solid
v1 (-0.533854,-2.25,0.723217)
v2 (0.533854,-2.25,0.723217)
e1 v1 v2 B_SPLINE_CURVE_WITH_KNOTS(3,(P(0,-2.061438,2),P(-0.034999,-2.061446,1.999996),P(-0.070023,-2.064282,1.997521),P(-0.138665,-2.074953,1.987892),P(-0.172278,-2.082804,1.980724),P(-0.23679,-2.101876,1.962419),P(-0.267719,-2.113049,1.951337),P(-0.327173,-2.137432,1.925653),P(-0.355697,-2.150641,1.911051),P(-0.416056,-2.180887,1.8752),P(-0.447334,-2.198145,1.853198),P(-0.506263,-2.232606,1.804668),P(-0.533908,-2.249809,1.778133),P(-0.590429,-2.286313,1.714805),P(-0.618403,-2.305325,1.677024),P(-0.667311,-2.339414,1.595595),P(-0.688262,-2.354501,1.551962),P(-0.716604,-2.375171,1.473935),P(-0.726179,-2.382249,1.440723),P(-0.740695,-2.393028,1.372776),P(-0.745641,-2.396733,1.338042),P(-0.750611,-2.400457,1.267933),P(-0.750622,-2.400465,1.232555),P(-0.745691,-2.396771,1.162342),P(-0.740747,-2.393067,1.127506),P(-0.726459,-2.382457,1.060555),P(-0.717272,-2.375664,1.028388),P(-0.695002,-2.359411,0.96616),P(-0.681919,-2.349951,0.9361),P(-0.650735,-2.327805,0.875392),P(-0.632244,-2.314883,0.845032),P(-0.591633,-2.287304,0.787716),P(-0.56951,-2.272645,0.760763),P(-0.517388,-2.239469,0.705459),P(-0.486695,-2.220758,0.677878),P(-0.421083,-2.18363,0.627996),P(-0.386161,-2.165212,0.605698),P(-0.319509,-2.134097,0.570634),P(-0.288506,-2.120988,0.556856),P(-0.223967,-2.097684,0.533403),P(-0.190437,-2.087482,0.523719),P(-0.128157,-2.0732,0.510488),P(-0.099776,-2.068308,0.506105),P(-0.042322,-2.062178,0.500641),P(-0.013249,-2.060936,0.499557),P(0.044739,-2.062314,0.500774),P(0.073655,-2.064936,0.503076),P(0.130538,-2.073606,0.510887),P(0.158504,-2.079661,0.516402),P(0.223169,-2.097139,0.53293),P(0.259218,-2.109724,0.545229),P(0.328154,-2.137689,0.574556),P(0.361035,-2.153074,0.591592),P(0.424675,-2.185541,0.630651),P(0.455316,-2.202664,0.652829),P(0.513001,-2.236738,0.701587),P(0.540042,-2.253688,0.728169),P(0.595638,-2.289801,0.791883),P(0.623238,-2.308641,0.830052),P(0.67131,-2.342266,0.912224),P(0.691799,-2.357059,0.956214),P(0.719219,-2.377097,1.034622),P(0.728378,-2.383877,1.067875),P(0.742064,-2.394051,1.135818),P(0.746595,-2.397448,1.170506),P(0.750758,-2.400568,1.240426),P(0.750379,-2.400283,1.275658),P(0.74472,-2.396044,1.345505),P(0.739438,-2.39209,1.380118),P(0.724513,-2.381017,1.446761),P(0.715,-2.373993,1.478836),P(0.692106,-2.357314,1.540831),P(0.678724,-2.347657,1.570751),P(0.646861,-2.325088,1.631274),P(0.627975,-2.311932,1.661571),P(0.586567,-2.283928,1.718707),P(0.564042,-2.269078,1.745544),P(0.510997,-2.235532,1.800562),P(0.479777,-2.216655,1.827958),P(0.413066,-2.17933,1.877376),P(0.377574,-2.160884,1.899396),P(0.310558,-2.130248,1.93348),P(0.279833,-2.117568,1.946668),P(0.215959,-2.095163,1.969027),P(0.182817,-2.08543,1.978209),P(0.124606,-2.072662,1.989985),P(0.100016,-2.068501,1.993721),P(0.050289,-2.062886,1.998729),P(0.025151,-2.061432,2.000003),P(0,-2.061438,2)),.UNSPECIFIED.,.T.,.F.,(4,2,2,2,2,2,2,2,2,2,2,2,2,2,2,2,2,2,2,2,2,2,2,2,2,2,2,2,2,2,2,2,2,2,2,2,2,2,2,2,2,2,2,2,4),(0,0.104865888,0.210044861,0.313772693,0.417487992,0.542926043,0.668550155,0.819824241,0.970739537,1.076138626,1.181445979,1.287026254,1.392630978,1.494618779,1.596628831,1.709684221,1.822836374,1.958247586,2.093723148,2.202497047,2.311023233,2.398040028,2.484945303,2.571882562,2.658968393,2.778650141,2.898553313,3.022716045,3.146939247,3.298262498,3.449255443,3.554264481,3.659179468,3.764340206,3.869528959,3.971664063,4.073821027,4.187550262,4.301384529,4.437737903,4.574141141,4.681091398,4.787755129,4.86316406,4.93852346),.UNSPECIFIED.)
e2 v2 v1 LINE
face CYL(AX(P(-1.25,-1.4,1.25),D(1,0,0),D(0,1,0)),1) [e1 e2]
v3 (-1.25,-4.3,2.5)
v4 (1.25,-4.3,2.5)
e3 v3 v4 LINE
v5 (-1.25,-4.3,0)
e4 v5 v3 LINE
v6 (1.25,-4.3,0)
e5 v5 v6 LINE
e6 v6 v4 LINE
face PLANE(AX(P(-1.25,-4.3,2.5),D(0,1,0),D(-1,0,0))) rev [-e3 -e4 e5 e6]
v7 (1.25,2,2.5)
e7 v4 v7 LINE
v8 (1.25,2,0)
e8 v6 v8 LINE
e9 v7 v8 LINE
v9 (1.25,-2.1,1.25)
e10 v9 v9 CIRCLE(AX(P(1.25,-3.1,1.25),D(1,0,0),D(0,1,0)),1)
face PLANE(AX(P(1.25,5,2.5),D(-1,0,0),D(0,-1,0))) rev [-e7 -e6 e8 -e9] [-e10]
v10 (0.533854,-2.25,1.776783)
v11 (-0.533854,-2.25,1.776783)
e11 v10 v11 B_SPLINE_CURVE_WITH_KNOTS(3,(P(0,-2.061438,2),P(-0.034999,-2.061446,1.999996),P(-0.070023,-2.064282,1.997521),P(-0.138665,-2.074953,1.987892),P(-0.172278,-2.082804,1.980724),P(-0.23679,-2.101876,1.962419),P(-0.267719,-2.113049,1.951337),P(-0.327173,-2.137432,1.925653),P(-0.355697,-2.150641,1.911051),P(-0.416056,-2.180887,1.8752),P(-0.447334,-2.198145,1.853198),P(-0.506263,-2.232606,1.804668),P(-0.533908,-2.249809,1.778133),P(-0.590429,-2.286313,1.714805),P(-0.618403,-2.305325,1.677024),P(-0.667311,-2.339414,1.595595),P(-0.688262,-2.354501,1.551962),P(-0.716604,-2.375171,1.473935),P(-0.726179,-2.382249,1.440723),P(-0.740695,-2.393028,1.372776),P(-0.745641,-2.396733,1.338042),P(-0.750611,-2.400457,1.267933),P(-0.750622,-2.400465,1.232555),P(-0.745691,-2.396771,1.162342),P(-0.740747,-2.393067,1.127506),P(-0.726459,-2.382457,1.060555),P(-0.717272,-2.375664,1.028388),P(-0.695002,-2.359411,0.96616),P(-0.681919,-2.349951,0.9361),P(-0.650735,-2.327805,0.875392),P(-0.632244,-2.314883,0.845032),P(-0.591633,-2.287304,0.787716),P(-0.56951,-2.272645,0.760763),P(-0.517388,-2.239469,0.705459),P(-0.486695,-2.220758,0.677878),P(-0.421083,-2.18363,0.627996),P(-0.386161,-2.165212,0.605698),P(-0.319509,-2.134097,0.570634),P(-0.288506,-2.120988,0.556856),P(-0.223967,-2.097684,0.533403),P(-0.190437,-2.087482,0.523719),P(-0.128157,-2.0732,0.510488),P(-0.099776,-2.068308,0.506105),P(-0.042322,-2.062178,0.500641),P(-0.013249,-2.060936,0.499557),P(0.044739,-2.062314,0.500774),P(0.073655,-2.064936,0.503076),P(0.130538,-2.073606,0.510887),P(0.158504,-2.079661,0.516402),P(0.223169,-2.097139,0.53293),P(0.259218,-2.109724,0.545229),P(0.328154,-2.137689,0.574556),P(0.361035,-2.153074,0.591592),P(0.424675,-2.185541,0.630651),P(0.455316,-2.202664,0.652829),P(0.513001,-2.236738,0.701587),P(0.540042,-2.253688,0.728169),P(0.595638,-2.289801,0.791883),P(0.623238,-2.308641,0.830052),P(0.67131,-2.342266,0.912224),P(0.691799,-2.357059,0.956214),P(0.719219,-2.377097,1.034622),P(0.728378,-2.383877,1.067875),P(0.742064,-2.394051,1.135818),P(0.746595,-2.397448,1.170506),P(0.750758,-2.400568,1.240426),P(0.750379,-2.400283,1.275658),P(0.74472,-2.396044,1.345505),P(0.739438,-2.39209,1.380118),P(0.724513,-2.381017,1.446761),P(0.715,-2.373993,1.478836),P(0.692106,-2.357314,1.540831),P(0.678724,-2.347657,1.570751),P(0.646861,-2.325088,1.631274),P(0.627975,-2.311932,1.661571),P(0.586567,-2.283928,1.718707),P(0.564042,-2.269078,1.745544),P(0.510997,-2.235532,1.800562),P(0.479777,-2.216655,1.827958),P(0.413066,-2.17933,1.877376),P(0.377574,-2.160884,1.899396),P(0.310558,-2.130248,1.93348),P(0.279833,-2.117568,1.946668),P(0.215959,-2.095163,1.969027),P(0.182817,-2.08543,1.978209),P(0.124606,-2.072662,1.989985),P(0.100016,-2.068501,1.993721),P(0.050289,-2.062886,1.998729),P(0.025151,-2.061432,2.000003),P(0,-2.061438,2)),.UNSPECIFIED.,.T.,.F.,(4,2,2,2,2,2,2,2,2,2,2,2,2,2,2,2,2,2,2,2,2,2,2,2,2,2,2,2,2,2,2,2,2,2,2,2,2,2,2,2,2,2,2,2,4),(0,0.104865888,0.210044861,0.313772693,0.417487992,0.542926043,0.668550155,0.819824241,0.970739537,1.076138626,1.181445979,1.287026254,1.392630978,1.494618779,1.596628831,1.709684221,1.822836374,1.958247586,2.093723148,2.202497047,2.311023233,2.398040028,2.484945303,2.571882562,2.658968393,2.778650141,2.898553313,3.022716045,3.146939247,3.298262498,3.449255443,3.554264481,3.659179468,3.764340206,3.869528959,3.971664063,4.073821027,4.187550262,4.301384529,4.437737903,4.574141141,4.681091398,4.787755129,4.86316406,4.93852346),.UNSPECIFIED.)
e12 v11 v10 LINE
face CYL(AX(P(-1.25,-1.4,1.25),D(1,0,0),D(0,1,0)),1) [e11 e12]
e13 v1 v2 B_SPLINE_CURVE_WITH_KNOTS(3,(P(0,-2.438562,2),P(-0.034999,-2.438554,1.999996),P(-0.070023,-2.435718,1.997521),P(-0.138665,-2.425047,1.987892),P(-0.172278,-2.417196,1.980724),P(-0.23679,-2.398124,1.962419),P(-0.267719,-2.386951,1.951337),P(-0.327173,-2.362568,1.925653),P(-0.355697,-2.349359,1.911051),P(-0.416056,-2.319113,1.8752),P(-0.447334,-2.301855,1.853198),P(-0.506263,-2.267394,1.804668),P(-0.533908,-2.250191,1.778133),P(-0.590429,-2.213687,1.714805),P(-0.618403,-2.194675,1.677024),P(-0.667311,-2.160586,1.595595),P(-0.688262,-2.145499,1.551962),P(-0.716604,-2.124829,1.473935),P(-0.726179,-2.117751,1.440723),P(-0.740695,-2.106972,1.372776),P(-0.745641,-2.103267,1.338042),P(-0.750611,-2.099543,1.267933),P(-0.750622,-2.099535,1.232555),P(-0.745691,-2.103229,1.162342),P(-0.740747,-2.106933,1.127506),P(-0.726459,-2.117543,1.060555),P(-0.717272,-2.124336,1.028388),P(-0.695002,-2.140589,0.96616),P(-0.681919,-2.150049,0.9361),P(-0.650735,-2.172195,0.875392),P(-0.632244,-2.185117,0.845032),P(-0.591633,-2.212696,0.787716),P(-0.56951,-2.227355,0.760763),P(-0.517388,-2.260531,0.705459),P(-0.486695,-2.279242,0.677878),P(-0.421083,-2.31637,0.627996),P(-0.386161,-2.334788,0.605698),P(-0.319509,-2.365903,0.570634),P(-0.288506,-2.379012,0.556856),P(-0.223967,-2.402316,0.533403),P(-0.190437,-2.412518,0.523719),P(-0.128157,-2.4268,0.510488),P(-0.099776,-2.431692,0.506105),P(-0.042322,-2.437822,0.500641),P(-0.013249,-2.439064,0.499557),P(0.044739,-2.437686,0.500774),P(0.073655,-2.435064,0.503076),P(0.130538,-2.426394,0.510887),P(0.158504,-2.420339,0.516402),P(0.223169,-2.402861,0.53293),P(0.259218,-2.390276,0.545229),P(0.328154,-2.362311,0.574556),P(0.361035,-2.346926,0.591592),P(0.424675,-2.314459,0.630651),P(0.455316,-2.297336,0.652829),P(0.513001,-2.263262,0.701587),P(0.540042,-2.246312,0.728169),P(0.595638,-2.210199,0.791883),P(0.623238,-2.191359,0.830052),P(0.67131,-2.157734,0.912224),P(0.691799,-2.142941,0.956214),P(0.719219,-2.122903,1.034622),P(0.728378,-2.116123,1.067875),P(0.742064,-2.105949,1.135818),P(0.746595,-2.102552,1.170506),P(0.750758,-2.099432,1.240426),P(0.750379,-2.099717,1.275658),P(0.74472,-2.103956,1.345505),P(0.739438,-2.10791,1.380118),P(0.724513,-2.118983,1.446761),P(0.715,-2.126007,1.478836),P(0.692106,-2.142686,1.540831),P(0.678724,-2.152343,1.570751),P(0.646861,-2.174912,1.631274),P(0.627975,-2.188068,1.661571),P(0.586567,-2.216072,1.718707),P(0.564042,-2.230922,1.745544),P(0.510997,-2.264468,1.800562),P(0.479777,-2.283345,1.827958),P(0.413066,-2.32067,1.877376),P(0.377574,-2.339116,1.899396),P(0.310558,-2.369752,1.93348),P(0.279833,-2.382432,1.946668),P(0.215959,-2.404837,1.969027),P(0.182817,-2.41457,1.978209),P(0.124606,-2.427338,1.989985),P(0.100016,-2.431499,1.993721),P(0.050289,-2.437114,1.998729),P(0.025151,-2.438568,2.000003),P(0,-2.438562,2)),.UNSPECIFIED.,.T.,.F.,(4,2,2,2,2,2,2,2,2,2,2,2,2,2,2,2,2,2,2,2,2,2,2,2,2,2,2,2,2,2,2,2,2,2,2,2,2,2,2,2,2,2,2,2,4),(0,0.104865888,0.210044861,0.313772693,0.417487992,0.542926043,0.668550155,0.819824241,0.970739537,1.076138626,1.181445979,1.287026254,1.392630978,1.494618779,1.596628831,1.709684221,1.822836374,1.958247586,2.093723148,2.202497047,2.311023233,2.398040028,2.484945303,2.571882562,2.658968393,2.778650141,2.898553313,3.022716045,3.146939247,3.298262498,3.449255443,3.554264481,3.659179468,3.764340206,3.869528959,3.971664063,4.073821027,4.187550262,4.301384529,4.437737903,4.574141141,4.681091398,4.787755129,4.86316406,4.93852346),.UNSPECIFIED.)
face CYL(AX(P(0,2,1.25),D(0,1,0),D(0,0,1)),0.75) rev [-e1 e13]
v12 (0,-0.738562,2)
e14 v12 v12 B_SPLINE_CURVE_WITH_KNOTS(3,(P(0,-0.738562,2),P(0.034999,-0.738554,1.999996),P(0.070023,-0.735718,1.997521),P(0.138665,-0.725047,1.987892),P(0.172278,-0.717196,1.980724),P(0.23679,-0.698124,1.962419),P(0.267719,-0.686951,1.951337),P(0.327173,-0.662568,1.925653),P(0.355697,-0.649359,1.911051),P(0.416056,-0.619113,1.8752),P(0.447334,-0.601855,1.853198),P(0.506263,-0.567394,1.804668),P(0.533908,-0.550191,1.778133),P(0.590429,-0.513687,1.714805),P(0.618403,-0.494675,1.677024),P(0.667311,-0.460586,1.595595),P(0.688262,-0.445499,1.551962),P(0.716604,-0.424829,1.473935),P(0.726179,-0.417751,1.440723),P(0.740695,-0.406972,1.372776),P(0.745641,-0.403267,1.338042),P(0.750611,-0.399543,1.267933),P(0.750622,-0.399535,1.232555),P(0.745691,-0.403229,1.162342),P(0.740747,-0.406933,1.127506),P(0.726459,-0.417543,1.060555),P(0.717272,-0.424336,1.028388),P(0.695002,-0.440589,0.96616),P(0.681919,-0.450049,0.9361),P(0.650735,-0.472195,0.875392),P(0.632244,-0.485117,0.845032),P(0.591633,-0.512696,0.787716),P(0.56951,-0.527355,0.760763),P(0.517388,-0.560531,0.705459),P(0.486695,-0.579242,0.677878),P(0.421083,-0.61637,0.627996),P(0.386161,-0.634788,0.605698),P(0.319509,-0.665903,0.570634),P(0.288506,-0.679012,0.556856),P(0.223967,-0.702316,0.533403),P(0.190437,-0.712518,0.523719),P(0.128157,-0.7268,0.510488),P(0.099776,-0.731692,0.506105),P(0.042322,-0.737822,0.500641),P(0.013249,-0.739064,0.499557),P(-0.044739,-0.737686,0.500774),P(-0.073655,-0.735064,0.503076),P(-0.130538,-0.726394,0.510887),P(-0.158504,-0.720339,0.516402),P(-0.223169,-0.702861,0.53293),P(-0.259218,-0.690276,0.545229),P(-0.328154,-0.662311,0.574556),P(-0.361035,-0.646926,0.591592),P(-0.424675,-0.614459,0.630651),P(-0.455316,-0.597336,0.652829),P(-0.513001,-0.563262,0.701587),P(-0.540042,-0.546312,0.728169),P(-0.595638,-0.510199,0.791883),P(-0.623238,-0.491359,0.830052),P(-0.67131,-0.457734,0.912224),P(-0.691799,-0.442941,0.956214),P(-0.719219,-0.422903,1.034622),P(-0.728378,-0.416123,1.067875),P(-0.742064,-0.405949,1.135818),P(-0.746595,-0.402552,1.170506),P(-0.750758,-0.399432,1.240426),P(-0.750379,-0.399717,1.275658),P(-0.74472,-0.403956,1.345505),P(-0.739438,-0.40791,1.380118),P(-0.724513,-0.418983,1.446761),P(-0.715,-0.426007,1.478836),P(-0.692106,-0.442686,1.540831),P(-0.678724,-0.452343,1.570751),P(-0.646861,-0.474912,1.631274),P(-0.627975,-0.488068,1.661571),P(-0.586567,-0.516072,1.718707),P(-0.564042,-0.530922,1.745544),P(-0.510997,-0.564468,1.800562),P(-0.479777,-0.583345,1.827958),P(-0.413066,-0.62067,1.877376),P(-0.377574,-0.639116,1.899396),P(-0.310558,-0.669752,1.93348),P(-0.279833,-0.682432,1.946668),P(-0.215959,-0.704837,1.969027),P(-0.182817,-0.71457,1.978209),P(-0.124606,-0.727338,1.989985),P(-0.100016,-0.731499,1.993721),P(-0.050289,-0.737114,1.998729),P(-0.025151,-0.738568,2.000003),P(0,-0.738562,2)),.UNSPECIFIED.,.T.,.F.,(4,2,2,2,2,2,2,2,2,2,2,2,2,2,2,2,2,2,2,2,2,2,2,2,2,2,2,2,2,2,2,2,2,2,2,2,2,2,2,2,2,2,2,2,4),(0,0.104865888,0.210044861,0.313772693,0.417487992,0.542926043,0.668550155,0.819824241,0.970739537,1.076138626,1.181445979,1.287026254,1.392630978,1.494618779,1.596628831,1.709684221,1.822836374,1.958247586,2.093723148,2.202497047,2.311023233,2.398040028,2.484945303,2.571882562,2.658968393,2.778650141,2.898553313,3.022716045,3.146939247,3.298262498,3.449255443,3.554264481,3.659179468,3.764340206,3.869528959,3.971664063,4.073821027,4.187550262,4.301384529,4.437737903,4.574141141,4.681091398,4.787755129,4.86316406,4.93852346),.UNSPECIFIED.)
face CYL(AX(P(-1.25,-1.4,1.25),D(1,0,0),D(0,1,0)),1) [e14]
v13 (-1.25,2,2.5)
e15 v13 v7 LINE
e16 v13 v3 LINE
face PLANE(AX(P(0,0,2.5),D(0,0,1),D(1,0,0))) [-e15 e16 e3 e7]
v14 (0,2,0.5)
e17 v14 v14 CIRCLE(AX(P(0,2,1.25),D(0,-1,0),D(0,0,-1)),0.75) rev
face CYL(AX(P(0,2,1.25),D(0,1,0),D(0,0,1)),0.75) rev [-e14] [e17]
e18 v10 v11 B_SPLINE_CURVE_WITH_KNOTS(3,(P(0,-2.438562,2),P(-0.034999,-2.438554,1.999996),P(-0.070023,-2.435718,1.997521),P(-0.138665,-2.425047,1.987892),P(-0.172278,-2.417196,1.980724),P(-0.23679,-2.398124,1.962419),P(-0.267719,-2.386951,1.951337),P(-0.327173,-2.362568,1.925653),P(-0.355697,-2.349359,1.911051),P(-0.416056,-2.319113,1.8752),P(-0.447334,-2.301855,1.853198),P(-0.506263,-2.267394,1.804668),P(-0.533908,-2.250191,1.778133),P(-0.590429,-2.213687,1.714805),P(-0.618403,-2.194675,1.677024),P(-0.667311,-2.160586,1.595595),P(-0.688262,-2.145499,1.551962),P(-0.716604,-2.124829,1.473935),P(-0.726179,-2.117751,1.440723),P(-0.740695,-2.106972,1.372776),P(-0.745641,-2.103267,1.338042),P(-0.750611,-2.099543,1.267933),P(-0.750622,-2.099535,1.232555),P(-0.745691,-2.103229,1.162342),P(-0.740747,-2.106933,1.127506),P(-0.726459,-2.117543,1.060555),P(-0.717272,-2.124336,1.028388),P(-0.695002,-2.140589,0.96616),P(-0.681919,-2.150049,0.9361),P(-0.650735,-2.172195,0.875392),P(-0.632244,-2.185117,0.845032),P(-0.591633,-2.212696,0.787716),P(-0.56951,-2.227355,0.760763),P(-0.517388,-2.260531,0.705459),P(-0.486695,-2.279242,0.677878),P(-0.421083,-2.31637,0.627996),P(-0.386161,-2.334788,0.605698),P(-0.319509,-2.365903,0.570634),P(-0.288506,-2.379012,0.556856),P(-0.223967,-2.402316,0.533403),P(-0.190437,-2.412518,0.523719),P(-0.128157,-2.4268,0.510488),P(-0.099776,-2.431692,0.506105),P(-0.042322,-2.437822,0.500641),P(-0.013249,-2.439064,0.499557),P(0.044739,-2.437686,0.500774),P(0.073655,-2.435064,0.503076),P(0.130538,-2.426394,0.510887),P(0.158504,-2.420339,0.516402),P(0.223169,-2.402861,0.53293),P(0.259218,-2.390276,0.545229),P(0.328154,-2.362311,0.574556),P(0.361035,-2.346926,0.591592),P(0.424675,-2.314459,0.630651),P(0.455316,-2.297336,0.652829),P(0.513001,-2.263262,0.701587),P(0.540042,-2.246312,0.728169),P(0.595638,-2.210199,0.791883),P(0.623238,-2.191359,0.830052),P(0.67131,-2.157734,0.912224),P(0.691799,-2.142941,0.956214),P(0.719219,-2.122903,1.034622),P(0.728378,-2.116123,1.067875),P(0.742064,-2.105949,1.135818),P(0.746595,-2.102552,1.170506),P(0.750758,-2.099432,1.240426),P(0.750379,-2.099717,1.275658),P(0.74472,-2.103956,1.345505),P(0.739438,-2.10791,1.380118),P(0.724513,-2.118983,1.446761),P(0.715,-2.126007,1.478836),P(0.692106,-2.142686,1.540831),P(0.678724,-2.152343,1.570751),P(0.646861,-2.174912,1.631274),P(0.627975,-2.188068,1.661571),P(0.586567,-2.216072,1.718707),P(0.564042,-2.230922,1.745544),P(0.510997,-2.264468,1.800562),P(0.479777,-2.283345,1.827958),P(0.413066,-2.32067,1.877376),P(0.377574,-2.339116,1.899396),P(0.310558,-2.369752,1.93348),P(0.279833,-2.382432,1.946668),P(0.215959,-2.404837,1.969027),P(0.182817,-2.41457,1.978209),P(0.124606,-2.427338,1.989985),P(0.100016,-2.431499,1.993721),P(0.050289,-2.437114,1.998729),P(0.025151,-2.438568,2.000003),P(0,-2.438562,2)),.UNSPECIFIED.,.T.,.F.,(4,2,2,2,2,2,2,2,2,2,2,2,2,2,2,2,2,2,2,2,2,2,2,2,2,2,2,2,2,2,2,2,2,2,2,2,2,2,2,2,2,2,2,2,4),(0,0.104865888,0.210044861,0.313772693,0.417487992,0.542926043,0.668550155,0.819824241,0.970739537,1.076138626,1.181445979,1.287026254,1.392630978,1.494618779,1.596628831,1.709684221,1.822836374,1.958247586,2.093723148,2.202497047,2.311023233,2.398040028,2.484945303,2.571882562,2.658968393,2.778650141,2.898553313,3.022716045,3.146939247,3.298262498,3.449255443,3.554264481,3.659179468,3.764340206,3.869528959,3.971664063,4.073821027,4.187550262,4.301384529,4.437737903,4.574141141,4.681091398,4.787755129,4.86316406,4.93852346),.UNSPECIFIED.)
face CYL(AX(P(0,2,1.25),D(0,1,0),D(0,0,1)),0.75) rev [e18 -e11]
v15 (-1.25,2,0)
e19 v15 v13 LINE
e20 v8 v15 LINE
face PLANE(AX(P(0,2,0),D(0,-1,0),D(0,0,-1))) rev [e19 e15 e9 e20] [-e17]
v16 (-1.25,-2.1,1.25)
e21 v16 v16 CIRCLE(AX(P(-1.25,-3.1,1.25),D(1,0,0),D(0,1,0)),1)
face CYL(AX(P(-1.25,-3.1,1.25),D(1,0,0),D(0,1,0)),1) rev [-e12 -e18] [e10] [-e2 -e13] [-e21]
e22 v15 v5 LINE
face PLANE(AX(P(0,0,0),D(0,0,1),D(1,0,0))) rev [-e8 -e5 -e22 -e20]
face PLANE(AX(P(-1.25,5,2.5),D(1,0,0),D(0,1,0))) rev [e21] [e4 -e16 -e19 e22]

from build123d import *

# Parameters (mm, degrees)
SKETCH1_W           = 2.5
SKETCH1_H           = 10
BOSS_EXTRUDE1_DEPTH = 2.5
SKETCH2_R           = 0.75
CUT_EXTRUDE1_DEPTH  = 3
SKETCH3_R           = 1
CUT_EXTRUDE3_DEPTH  = 7.5
SKETCH4_W           = 2.5
SKETCH4_H           = 2.5
CUT_EXTRUDE5_DEPTH  = 2
SKETCH6_R           = 0.75
CUT_EXTRUDE7_DEPTH  = 3
SKETCH7_W           = 2.5
SKETCH7_H           = 2.5
CUT_EXTRUDE8_DEPTH  = 1
SKETCH8_R           = 0.75
CUT_EXTRUDE9_DEPTH  = 2.5
SKETCH9_W           = 2.5
SKETCH9_H           = 2.4
SKETCH9_R           = 1
CUT_EXTRUDE11_DEPTH = 10
BOSS_EXTRUDE2_START = -2.5
SKETCH10_R          = 1
SKETCH10_W          = 2.5
SKETCH10_H          = 2.4
BOSS_EXTRUDE2_DEPTH = 2.5
SKETCH11_R          = 1
CUT_EXTRUDE12_DEPTH = 2.5
BOSS_EXTRUDE3_START = -2.5
SKETCH12_R          = 1
BOSS_EXTRUDE3_DEPTH = 2.5
SKETCH13_W          = 2.5
SKETCH13_H          = 0.7
CUT_EXTRUDE13_DEPTH = 2.5
SKETCH14_R          = 1
CUT_EXTRUDE14_DEPTH = 2.5


with BuildPart() as part:
    # Sketch1 → Boss-Extrude1 (new body)
    with BuildSketch(Plane.XY):
        Rectangle(SKETCH1_W, SKETCH1_H)
    extrude(amount=BOSS_EXTRUDE1_DEPTH)

    # Sketch2 → Cut-Extrude1 (cut)
    with BuildSketch(Plane(origin=(0, 5, 0), x_dir=(1, 0, 0), z_dir=(0, 1, 0))):
        with Locations(Location((0, -1.25, 0), (0, 0, 270))):
            Circle(SKETCH2_R)
    extrude(amount=-CUT_EXTRUDE1_DEPTH, mode=Mode.SUBTRACT)

    # Sketch3 → Cut-Extrude3 (cut)
    with BuildSketch(Plane.ZY.offset(1.25)):
        with Locations(Location((1.25, -3.8, 0), (0, 0, 270))):
            Circle(SKETCH3_R)
    extrude(amount=-CUT_EXTRUDE3_DEPTH, mode=Mode.SUBTRACT)

    # Sketch4 → Cut-Extrude5 (cut)
    with BuildSketch(Plane(origin=(0, 5, 0), x_dir=(1, 0, 0), z_dir=(0, 1, 0))):
        with Locations((0, -1.25)):
            Rectangle(SKETCH4_W, SKETCH4_H)
    extrude(amount=-CUT_EXTRUDE5_DEPTH, mode=Mode.SUBTRACT)

    # Sketch6 → Cut-Extrude7 (cut)
    with BuildSketch(Plane(origin=(0, 3, 0), x_dir=(1, 0, 0), z_dir=(0, 1, 0))):
        with Locations(Location((0, -1.25, 0), (0, 0, 270))):
            Circle(SKETCH6_R)
    extrude(amount=-CUT_EXTRUDE7_DEPTH, mode=Mode.SUBTRACT)

    # Sketch7 → Cut-Extrude8 (cut)
    with BuildSketch(Plane(origin=(0, 3, 0), x_dir=(1, 0, 0), z_dir=(0, 1, 0))):
        with Locations((0, -1.25)):
            Rectangle(SKETCH7_W, SKETCH7_H)
    extrude(amount=-CUT_EXTRUDE8_DEPTH, mode=Mode.SUBTRACT)

    # Sketch8 → Cut-Extrude9 (cut)
    with BuildSketch(Plane(origin=(0, 0, 0), x_dir=(1, 0, 0), z_dir=(0, 1, 0))):
        with Locations(Location((0, -1.25, 0), (0, 0, 270))):
            Circle(SKETCH8_R)
    extrude(amount=-CUT_EXTRUDE9_DEPTH, mode=Mode.SUBTRACT)

    # Sketch9 → Cut-Extrude11 (cut)
    # profile 1 of 2: a face of its own
    with BuildSketch(Plane.ZY.offset(1.25)):
        with Locations((1.25, -3.8)):
            Rectangle(SKETCH9_W, SKETCH9_H)
        with Locations((1.25, -3.8)):
            Circle(SKETCH9_R, mode=Mode.SUBTRACT)
    # profile 2 of 2: a face of its own
    with BuildSketch(Plane.ZY.offset(1.25)):
        with Locations(Location((1.25, -1.4, 0), (0, 0, 270))):
            Circle(SKETCH9_R)
    extrude(amount=-CUT_EXTRUDE11_DEPTH, mode=Mode.SUBTRACT)

    # Sketch10 → Boss-Extrude2 (add)
    with BuildSketch(Plane(origin=(1.25, 0, 0), x_dir=(0, 0, -1), z_dir=(1, 0, 0)).offset(BOSS_EXTRUDE2_START)):
        with Locations((-1.25, -1.4)):
            Circle(SKETCH10_R)
        with Locations((-1.25, -3.8)):
            Rectangle(SKETCH10_W, SKETCH10_H)
    extrude(amount=BOSS_EXTRUDE2_DEPTH)

    # Sketch11 → Cut-Extrude12 (cut)
    with BuildSketch(Plane(origin=(1.25, 0, 0), x_dir=(0, 0, -1), z_dir=(1, 0, 0))):
        with Locations(Location((-1.25, -3.8, 0), (0, 0, 90))):
            Circle(SKETCH11_R)
    extrude(amount=-CUT_EXTRUDE12_DEPTH, mode=Mode.SUBTRACT)

    # Sketch12 → Boss-Extrude3 (add)
    with BuildSketch(Plane.ZY.offset(1.25).offset(BOSS_EXTRUDE3_START)):
        with Locations((1.25, -3.8)):
            Circle(SKETCH12_R)
    extrude(amount=BOSS_EXTRUDE3_DEPTH)

    # Sketch13 → Cut-Extrude13 (cut)
    with BuildSketch(Plane(origin=(1.25, 0, 0), x_dir=(0, 0, -1), z_dir=(1, 0, 0))):
        with Locations((-1.25, -4.65)):
            Rectangle(SKETCH13_W, SKETCH13_H)
    extrude(amount=-CUT_EXTRUDE13_DEPTH, mode=Mode.SUBTRACT)

    # Sketch14 → Cut-Extrude14 (cut)
    with BuildSketch(Plane(origin=(1.25, 0, 0), x_dir=(0, 0, -1), z_dir=(1, 0, 0))):
        with Locations(Location((-1.25, -3.1, 0), (0, 0, 90))):
            Circle(SKETCH14_R)
    extrude(amount=-CUT_EXTRUDE14_DEPTH, mode=Mode.SUBTRACT)


solid = part.part
